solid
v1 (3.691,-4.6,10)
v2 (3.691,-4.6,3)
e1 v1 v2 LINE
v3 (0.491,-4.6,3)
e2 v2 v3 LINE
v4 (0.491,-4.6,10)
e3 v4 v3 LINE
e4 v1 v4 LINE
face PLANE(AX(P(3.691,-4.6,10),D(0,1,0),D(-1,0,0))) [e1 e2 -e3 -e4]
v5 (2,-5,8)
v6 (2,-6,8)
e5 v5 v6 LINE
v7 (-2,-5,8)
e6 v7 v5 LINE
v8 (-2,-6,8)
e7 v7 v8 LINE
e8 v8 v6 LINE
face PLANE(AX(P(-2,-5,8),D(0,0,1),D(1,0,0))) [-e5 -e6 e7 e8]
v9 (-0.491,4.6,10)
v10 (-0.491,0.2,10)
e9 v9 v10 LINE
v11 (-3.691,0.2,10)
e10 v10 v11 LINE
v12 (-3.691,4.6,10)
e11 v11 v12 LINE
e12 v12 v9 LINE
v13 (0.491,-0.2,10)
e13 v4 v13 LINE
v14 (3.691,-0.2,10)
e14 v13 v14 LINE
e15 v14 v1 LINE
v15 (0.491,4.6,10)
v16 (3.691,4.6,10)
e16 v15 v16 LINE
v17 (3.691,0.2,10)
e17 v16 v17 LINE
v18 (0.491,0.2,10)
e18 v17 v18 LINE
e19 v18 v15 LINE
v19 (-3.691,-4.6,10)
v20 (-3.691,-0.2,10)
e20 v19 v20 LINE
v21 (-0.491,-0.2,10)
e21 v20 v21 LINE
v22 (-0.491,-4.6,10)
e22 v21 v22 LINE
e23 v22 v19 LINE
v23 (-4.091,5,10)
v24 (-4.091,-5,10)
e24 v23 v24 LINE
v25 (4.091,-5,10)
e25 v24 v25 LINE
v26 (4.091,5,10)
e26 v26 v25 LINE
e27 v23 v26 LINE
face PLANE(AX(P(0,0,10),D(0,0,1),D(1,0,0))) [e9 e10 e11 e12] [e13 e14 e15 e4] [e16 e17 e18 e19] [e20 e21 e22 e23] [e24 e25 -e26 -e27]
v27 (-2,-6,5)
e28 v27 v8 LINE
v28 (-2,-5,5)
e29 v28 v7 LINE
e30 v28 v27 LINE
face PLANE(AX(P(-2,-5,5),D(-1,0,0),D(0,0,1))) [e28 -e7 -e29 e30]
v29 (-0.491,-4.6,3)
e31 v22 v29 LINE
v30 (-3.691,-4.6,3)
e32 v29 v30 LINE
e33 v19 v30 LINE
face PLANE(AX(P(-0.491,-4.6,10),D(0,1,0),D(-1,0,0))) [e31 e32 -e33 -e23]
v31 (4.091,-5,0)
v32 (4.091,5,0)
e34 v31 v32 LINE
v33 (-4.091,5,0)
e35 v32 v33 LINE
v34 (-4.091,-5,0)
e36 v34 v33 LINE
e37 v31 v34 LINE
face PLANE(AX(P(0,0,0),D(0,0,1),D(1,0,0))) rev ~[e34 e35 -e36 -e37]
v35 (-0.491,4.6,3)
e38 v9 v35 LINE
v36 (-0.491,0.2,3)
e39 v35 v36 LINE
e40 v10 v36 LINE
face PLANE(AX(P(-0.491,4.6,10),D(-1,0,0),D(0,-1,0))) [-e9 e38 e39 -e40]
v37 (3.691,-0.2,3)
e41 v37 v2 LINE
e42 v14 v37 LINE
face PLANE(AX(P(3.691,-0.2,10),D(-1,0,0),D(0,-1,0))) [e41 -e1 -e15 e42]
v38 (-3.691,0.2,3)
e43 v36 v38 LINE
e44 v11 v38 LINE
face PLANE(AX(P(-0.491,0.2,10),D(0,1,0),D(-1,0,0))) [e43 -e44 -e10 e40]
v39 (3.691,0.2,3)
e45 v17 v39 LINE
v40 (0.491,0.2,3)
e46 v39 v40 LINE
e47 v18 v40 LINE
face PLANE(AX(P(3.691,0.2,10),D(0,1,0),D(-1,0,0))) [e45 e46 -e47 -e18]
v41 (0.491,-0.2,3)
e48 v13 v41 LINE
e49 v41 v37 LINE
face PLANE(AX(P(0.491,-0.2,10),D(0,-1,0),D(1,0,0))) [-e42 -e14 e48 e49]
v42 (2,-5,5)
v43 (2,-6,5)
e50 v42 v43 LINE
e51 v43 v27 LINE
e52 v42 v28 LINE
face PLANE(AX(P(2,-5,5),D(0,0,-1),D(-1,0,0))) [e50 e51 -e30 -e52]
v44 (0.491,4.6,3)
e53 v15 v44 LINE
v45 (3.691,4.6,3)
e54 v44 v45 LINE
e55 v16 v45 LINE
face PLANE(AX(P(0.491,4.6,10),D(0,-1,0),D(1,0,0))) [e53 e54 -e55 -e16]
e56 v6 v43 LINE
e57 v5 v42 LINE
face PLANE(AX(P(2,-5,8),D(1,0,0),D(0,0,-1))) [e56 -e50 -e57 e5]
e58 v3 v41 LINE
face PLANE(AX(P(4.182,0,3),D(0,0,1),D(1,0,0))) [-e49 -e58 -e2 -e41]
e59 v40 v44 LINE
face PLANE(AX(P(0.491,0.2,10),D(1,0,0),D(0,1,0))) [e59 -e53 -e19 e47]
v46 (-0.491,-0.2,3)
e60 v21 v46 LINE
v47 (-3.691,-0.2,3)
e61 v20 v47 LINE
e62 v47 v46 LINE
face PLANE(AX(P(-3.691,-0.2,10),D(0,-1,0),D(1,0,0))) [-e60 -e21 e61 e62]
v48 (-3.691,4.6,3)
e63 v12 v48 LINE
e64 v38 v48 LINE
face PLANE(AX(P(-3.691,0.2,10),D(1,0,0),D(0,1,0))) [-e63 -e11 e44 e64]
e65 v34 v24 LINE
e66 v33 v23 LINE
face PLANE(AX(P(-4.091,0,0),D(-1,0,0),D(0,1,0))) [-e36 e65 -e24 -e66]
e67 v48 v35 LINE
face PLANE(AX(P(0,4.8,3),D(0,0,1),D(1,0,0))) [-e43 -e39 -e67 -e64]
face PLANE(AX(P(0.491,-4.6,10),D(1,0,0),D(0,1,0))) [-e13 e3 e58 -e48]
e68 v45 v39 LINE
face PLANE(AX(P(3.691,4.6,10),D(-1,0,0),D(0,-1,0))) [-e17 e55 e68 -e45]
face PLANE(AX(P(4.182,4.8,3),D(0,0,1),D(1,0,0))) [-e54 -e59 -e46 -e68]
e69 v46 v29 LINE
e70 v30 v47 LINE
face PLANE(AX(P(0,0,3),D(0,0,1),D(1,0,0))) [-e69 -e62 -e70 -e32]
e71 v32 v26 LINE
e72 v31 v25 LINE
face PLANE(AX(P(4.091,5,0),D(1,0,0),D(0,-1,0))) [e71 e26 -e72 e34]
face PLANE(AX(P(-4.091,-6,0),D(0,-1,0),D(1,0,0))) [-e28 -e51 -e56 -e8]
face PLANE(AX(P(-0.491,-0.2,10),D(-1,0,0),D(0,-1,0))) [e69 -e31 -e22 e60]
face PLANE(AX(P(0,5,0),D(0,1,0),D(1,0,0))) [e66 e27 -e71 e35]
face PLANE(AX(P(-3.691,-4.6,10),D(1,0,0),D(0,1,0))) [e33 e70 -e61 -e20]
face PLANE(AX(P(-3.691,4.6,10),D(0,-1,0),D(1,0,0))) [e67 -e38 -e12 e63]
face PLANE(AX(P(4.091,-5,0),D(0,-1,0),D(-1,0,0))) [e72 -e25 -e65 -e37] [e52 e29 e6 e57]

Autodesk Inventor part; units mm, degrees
ref_plane "YZ Plane" through (0, 0, 0) normal (1, 0, 0) x (0, 1, 0)
ref_plane "XZ Plane" through (0, 0, 0) normal (0, 1, 0) x (-1, 0, 0)
sketch "Sketch1" plane through (0, 0, 0) normal (0, 0, 1) x (1, 0, 0)
  line L0 (0, 8) -> (0, -6) projected
  line L1 (-4.9092, 0) -> (6.5456, 0) projected
  line L2 (-4.091, 5) -> (4.091, 5)
  line L3 (4.091, 5) -> (4.091, -5)
  line L4 (4.091, -5) -> (-4.091, -5)
  line L5 (-4.091, -5) -> (-4.091, 5)
  dimension "d0" = 8.182
  dimension "d1" = 10
extrude "Extrusion1" add sketch "Sketch1" along normal blind 10
sketch "Sketch5" plane through (-4.091, -5, 0) normal (0, -1, 0) x (1, 0, 0)
  line L0 (8.182, 10) -> (0, 10)
  line L1 (2.091, 8) -> (6.091, 8)
  line L2 (6.091, 8) -> (6.091, 5)
  line L3 (6.091, 5) -> (2.091, 5)
  line L4 (2.091, 5) -> (2.091, 8)
  point P0 (4.091, 8)
  point P1 (4.091, 10)
  dimension "d20" = 4
  dimension "d21" = 3
  dimension "d22" = 2
extrude "Extrusion5" add sketch "Sketch5" along normal blind 1
ref_plane "Work Plane1" through (0, 0, 10) normal (0, 0, 1) x (1, 0, 0)
sketch "Sketch11" plane through (0, 0, 10) normal (0, 0, 1) x (1, 0, 0)
  line L0 (-0.491, -4.6) -> (-3.691, -4.6)
  line L1 (-3.691, -4.6) -> (-3.691, -0.2)
  line L2 (-3.691, -0.2) -> (-0.491, -0.2)
  line L3 (-0.491, -0.2) -> (-0.491, -4.6)
  line L4 (-4.091, -5) -> (-4.091, 5) projected
  line L5 (4.091, -5) -> (-4.091, -5) projected
  dimension "d57" = 0.4
  dimension "d58" = 0.4
  dimension "d59" = 3.2
  dimension "d60" = 4.4
extrude "Extrusion11" cut sketch "Sketch11" against normal blind 7
pattern_linear "Rectangular Pattern3" count 2 spacing 4.182 along (1, 0, 0) count 2 spacing 4.8 along (0, 1, 0) of "Extrusion11"
properties part number "Power Supply Header 2"
